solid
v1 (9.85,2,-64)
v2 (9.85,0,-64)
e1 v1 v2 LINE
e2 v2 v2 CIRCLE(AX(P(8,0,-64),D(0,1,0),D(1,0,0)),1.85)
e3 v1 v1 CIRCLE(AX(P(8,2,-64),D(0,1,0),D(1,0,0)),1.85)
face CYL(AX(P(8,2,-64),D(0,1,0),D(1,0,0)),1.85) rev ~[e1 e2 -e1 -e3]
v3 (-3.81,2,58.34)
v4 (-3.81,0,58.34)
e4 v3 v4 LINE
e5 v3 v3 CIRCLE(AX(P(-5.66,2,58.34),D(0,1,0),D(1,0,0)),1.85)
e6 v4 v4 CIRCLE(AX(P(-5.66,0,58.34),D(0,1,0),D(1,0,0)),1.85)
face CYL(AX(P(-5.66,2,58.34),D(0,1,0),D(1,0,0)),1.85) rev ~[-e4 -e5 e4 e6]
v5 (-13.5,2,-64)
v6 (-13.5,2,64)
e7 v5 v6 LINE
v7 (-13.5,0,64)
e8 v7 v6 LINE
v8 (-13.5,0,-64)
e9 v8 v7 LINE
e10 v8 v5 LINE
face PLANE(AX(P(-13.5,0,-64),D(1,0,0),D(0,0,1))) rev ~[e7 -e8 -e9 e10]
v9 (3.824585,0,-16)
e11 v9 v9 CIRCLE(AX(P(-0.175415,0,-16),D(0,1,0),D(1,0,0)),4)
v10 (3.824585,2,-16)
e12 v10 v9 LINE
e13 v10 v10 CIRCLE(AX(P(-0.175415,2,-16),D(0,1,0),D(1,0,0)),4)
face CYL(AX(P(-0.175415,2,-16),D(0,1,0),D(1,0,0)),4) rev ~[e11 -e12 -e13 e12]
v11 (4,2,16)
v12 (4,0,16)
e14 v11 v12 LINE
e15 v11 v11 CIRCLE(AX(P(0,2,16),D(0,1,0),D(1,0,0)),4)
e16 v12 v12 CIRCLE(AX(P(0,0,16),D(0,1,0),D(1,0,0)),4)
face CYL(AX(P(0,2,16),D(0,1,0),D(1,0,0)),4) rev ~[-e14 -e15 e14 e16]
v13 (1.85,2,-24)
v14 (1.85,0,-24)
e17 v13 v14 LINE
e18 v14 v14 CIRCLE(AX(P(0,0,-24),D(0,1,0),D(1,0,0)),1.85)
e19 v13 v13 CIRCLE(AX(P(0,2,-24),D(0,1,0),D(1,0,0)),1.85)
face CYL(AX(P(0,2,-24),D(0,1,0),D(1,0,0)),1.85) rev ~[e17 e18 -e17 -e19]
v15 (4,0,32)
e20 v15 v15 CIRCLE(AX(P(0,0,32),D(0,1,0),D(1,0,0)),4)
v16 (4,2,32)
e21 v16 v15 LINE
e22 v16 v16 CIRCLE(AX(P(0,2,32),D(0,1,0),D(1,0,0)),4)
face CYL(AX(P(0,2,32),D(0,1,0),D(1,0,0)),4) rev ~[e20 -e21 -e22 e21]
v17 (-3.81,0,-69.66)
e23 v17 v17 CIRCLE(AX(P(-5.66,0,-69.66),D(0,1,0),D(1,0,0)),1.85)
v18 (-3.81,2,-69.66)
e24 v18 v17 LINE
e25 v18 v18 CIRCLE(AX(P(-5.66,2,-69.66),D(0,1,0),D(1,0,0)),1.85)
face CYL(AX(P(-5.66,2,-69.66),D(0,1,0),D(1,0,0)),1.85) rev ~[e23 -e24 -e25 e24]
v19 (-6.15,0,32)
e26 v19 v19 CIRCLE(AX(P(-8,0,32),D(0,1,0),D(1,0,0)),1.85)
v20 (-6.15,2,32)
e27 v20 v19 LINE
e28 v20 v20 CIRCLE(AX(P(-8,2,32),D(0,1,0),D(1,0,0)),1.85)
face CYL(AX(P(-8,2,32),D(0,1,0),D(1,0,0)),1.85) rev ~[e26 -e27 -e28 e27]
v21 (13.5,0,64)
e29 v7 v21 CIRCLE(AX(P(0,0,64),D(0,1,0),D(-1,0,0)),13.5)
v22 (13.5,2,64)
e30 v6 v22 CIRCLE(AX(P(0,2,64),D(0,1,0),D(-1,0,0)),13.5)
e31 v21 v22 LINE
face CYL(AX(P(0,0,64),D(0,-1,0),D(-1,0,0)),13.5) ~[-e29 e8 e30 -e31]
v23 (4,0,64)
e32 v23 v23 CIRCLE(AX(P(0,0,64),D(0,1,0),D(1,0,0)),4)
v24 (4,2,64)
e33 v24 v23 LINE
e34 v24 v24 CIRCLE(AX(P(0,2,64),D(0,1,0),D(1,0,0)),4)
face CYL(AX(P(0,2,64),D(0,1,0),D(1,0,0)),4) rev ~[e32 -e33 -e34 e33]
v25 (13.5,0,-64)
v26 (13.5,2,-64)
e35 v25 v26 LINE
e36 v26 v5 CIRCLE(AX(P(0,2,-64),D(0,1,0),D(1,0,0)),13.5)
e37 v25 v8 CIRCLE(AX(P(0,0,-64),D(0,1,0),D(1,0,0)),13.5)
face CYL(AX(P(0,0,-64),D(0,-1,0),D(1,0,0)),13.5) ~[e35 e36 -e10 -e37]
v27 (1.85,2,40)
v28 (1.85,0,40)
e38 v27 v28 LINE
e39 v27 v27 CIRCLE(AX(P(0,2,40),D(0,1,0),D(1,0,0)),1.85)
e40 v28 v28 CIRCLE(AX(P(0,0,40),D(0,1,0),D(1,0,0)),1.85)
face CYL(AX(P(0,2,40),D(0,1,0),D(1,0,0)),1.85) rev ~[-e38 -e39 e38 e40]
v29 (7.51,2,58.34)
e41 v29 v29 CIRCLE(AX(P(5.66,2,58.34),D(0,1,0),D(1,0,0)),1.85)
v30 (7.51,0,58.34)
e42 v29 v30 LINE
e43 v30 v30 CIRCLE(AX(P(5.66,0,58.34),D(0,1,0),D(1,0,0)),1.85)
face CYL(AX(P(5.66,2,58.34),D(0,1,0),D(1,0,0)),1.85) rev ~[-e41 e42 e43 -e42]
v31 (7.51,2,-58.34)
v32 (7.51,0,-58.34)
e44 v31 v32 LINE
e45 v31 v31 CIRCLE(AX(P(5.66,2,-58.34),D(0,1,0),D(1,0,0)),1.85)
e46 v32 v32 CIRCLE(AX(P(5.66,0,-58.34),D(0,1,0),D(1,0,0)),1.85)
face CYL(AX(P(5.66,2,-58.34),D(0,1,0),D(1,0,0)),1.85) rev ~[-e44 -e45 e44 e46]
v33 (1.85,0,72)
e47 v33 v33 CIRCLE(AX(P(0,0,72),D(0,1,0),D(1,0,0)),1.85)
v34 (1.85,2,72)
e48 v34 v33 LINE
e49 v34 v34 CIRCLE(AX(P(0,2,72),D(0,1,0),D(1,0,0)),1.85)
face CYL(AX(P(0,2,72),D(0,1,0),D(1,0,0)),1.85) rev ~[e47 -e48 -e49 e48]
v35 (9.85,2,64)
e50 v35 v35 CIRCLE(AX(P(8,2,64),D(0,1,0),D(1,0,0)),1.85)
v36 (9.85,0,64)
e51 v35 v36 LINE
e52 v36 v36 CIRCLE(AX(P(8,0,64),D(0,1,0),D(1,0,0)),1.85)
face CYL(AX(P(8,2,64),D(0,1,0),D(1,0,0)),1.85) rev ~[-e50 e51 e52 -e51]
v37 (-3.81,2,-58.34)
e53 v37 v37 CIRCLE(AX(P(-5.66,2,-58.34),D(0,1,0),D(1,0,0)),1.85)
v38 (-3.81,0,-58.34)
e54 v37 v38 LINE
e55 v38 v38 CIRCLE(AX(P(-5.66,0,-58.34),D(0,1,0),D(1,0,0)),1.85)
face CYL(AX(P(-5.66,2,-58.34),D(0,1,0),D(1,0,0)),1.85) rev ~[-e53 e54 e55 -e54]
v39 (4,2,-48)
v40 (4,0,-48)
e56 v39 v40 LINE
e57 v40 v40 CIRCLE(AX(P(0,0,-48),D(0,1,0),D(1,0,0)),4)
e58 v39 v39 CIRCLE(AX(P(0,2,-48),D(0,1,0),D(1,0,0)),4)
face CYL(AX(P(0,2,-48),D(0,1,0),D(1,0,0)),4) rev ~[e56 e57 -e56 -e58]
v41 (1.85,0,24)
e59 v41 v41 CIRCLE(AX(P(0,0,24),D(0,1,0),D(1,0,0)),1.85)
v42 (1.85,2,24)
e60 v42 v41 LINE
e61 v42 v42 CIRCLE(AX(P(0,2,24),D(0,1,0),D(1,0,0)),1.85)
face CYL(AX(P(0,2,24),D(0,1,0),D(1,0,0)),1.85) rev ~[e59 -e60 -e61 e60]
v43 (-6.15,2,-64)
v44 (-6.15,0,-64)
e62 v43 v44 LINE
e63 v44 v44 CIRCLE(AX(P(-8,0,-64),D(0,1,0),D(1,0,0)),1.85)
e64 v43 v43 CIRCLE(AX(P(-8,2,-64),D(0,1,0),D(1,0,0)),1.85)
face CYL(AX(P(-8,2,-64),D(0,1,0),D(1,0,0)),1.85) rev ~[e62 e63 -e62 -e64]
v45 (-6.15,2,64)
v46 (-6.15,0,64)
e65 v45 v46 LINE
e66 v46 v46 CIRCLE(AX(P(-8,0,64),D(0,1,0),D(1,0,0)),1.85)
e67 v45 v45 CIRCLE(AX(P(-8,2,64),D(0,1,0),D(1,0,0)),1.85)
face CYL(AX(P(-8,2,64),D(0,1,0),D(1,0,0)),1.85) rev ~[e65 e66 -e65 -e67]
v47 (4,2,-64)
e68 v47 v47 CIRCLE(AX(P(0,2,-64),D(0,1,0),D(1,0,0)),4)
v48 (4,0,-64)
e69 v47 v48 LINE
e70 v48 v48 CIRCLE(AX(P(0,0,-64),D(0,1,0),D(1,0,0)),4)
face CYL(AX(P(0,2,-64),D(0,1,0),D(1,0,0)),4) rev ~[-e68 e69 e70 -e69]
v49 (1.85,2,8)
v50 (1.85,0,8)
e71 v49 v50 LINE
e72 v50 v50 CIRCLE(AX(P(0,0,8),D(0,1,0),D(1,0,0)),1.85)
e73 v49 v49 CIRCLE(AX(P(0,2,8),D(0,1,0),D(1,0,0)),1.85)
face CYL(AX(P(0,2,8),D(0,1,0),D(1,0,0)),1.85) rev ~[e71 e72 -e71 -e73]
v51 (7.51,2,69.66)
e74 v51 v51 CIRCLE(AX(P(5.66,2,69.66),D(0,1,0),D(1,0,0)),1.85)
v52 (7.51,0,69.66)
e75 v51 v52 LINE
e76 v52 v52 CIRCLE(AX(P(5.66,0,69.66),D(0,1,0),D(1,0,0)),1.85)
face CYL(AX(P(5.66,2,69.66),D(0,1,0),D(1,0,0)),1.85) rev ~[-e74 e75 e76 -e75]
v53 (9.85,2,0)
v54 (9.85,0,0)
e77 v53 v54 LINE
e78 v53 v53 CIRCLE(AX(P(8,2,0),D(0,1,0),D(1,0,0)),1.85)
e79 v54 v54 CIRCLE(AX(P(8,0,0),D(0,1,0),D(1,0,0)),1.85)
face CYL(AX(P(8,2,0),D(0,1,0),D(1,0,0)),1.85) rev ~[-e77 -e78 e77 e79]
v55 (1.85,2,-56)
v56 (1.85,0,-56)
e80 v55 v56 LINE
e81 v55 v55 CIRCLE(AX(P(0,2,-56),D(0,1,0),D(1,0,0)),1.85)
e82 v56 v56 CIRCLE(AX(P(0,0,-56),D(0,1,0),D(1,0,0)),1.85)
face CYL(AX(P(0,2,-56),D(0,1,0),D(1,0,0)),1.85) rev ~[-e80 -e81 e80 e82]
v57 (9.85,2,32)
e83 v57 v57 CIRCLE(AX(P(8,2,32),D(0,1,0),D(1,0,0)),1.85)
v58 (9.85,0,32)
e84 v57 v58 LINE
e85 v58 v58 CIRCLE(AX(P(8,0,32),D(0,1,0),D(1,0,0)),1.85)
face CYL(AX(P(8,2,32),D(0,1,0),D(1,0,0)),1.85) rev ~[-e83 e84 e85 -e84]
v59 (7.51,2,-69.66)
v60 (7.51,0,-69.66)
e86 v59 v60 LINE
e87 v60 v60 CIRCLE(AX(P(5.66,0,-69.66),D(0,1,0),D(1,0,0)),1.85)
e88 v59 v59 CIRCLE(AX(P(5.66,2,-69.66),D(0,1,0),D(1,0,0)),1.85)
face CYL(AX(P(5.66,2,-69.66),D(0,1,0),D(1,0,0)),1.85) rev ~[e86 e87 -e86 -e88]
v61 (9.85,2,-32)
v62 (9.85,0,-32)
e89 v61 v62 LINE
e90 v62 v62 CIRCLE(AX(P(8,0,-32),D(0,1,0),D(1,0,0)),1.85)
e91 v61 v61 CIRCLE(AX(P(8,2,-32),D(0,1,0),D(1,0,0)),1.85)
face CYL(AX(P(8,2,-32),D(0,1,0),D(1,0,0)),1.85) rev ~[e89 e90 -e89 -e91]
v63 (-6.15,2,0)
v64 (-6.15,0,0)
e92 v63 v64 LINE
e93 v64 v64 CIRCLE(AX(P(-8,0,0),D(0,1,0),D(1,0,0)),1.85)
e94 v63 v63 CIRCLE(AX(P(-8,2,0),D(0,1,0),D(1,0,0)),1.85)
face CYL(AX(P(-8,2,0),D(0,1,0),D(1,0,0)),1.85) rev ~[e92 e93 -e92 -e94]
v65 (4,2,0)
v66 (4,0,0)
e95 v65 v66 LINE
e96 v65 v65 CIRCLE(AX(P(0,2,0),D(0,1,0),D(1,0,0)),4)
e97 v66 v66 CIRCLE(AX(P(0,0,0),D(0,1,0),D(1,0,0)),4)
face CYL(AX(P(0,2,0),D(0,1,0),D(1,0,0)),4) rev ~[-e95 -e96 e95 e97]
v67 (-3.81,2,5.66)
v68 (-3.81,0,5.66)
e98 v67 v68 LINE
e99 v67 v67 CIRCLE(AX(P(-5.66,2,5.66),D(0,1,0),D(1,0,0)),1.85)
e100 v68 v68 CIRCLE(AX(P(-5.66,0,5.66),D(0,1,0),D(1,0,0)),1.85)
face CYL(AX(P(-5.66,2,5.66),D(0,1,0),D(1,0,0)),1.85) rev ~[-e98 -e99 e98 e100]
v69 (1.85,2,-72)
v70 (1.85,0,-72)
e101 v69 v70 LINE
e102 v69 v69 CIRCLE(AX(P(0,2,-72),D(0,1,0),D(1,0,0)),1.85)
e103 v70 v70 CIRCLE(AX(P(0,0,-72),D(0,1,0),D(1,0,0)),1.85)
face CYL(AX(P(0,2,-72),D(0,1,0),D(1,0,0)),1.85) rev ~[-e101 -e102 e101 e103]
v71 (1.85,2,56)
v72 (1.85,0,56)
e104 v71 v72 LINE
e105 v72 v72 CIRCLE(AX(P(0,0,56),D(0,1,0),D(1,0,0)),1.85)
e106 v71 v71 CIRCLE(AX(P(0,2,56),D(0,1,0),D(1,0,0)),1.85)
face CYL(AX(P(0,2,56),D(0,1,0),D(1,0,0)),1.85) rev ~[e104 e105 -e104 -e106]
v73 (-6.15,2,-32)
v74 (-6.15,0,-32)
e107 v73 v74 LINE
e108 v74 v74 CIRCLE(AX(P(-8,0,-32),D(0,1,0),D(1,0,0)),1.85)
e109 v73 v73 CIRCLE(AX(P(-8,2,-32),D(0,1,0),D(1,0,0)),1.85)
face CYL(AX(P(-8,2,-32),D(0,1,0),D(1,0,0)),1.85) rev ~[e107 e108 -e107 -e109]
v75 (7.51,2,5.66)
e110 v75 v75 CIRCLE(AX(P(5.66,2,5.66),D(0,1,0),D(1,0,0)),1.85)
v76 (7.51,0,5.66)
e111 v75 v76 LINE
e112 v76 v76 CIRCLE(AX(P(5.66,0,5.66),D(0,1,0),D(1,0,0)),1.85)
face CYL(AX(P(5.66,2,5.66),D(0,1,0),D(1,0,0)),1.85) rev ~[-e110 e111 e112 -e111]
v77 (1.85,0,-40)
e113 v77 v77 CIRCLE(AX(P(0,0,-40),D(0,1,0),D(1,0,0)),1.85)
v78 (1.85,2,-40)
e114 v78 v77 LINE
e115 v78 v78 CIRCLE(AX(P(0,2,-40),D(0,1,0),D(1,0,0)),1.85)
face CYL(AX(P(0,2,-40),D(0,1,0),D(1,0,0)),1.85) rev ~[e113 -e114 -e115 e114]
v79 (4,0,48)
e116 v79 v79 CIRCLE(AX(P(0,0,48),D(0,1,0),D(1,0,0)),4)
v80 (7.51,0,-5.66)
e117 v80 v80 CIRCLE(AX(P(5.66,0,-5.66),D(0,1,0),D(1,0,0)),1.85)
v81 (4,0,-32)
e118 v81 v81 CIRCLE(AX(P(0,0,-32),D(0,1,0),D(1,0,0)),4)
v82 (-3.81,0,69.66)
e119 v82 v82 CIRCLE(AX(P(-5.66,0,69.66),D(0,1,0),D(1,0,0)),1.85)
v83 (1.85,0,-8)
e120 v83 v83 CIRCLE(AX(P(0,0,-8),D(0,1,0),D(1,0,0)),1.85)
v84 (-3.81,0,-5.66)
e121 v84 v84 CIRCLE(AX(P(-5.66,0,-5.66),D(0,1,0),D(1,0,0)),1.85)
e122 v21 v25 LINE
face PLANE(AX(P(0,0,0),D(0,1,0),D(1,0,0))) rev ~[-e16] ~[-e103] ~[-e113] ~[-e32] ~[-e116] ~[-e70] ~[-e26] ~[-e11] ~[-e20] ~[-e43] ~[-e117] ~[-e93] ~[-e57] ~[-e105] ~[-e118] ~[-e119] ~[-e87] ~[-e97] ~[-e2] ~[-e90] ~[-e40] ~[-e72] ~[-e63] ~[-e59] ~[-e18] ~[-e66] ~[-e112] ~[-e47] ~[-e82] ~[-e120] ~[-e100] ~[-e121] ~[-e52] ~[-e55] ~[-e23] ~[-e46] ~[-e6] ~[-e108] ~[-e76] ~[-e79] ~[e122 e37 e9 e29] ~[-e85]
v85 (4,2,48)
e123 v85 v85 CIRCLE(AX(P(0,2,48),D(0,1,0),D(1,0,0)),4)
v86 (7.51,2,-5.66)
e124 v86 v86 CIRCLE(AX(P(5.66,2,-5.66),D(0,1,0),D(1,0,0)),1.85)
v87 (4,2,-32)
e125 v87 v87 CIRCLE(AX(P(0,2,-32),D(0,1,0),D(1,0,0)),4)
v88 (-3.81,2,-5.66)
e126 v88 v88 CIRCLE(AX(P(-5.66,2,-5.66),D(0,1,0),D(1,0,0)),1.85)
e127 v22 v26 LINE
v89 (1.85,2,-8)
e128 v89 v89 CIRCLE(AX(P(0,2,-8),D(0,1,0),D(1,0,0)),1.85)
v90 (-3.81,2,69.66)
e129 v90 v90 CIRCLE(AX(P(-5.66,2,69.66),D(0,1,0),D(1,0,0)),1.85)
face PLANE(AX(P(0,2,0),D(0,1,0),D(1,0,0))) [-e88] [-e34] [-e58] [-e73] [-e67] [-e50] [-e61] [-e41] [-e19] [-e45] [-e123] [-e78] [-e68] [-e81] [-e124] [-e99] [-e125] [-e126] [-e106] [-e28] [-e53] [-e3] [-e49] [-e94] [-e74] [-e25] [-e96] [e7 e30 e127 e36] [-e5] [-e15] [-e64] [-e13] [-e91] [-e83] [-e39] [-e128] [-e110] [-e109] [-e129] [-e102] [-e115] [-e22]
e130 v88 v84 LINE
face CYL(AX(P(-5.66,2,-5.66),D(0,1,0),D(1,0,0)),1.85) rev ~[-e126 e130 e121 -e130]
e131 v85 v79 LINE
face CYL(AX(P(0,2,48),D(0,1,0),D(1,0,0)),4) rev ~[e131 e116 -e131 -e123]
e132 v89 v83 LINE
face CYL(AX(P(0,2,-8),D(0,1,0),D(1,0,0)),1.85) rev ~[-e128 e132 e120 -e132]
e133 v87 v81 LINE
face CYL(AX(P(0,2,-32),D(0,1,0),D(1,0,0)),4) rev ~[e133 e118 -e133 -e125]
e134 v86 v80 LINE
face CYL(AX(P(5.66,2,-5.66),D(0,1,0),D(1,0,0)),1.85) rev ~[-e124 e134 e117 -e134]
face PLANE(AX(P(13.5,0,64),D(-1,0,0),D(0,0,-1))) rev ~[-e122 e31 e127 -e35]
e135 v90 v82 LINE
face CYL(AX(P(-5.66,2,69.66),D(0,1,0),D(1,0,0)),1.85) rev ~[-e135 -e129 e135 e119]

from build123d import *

# Parameters (mm, degrees)
EXTRUDE1_DEPTH = 2
SKETCH2_R      = 4
SKETCH2_R_2    = 1.85
EXTRUDE2_DEPTH = 2


with BuildPart() as part:
    # Sketch1 → Extrude1 (new body)
    with BuildSketch(Plane(origin=(0, 0, 0), x_dir=(1, 0, 0), z_dir=(0, 1, 0))):
        with BuildLine():
            Line((-13.5, 64), (-13.5, -64))
            ThreePointArc((-13.5, -64), (0, -77.5), (13.5, -64))
            Line((13.5, -64), (13.5, 64))
            ThreePointArc((13.5, 64), (0, 77.5), (-13.5, 64))
        make_face()
    extrude(amount=EXTRUDE1_DEPTH)

    # Sketch2 → Extrude2 (cut)
    with BuildSketch(Plane(origin=(0, 2, 0), x_dir=(1, 0, 0), z_dir=(0, 1, 0))):
        with Locations((0, -48)):
            Circle(SKETCH2_R)
        with Locations((0, -16)):
            Circle(SKETCH2_R)
        with Locations((-0.175415159, 16)):
            Circle(SKETCH2_R)
        with Locations((0, 48)):
            Circle(SKETCH2_R)
        with Locations((0, -32)):
            Circle(SKETCH2_R)
        with Locations((0, -24)):
            Circle(SKETCH2_R_2)
        with Locations((0, -40)):
            Circle(SKETCH2_R_2)
        with Locations((8, -32)):
            Circle(SKETCH2_R_2)
        with Locations((-8, -32)):
            Circle(SKETCH2_R_2)
        with Locations((0, -56)):
            Circle(SKETCH2_R_2)
        with Locations((8, -64)):
            Circle(SKETCH2_R_2)
        with Locations((0, -64)):
            Circle(SKETCH2_R)
        with Locations((-8, -64)):
            Circle(SKETCH2_R_2)
        with Locations((-5.66, -69.66)):
            Circle(SKETCH2_R_2)
        with Locations((5.66, -69.66)):
            Circle(SKETCH2_R_2)
        with Locations((0, -72)):
            Circle(SKETCH2_R_2)
        with Locations((-5.66, -58.34)):
            Circle(SKETCH2_R_2)
        with Locations((5.66, -58.34)):
            Circle(SKETCH2_R_2)
        with Locations((0, 32)):
            Circle(SKETCH2_R)
        with Locations((0, 40)):
            Circle(SKETCH2_R_2)
        with Locations((0, 24)):
            Circle(SKETCH2_R_2)
        with Locations((8, 32)):
            Circle(SKETCH2_R_2)
        with Locations((-8, 32)):
            Circle(SKETCH2_R_2)
        with Locations((0, 8)):
            Circle(SKETCH2_R_2)
        with Locations((8, 0)):
            Circle(SKETCH2_R_2)
        Circle(SKETCH2_R)
        with Locations((-8, 0)):
            Circle(SKETCH2_R_2)
        with Locations((-5.66, -5.66)):
            Circle(SKETCH2_R_2)
        with Locations((5.66, -5.66)):
            Circle(SKETCH2_R_2)
        with Locations((0, -8)):
            Circle(SKETCH2_R_2)
        with Locations((-5.66, 5.66)):
            Circle(SKETCH2_R_2)
        with Locations((5.66, 5.66)):
            Circle(SKETCH2_R_2)
        with Locations((0, 56)):
            Circle(SKETCH2_R_2)
        with Locations((-8, 64)):
            Circle(SKETCH2_R_2)
        with Locations((0, 64)):
            Circle(SKETCH2_R)
        with Locations((8, 64)):
            Circle(SKETCH2_R_2)
        with Locations((5.66, 69.66)):
            Circle(SKETCH2_R_2)
        with Locations((-5.66, 69.66)):
            Circle(SKETCH2_R_2)
        with Locations((0, 72)):
            Circle(SKETCH2_R_2)
        with Locations((5.66, 58.34)):
            Circle(SKETCH2_R_2)
        with Locations((-5.66, 58.34)):
            Circle(SKETCH2_R_2)
    extrude(amount=-EXTRUDE2_DEPTH, mode=Mode.SUBTRACT)


solid = part.part
